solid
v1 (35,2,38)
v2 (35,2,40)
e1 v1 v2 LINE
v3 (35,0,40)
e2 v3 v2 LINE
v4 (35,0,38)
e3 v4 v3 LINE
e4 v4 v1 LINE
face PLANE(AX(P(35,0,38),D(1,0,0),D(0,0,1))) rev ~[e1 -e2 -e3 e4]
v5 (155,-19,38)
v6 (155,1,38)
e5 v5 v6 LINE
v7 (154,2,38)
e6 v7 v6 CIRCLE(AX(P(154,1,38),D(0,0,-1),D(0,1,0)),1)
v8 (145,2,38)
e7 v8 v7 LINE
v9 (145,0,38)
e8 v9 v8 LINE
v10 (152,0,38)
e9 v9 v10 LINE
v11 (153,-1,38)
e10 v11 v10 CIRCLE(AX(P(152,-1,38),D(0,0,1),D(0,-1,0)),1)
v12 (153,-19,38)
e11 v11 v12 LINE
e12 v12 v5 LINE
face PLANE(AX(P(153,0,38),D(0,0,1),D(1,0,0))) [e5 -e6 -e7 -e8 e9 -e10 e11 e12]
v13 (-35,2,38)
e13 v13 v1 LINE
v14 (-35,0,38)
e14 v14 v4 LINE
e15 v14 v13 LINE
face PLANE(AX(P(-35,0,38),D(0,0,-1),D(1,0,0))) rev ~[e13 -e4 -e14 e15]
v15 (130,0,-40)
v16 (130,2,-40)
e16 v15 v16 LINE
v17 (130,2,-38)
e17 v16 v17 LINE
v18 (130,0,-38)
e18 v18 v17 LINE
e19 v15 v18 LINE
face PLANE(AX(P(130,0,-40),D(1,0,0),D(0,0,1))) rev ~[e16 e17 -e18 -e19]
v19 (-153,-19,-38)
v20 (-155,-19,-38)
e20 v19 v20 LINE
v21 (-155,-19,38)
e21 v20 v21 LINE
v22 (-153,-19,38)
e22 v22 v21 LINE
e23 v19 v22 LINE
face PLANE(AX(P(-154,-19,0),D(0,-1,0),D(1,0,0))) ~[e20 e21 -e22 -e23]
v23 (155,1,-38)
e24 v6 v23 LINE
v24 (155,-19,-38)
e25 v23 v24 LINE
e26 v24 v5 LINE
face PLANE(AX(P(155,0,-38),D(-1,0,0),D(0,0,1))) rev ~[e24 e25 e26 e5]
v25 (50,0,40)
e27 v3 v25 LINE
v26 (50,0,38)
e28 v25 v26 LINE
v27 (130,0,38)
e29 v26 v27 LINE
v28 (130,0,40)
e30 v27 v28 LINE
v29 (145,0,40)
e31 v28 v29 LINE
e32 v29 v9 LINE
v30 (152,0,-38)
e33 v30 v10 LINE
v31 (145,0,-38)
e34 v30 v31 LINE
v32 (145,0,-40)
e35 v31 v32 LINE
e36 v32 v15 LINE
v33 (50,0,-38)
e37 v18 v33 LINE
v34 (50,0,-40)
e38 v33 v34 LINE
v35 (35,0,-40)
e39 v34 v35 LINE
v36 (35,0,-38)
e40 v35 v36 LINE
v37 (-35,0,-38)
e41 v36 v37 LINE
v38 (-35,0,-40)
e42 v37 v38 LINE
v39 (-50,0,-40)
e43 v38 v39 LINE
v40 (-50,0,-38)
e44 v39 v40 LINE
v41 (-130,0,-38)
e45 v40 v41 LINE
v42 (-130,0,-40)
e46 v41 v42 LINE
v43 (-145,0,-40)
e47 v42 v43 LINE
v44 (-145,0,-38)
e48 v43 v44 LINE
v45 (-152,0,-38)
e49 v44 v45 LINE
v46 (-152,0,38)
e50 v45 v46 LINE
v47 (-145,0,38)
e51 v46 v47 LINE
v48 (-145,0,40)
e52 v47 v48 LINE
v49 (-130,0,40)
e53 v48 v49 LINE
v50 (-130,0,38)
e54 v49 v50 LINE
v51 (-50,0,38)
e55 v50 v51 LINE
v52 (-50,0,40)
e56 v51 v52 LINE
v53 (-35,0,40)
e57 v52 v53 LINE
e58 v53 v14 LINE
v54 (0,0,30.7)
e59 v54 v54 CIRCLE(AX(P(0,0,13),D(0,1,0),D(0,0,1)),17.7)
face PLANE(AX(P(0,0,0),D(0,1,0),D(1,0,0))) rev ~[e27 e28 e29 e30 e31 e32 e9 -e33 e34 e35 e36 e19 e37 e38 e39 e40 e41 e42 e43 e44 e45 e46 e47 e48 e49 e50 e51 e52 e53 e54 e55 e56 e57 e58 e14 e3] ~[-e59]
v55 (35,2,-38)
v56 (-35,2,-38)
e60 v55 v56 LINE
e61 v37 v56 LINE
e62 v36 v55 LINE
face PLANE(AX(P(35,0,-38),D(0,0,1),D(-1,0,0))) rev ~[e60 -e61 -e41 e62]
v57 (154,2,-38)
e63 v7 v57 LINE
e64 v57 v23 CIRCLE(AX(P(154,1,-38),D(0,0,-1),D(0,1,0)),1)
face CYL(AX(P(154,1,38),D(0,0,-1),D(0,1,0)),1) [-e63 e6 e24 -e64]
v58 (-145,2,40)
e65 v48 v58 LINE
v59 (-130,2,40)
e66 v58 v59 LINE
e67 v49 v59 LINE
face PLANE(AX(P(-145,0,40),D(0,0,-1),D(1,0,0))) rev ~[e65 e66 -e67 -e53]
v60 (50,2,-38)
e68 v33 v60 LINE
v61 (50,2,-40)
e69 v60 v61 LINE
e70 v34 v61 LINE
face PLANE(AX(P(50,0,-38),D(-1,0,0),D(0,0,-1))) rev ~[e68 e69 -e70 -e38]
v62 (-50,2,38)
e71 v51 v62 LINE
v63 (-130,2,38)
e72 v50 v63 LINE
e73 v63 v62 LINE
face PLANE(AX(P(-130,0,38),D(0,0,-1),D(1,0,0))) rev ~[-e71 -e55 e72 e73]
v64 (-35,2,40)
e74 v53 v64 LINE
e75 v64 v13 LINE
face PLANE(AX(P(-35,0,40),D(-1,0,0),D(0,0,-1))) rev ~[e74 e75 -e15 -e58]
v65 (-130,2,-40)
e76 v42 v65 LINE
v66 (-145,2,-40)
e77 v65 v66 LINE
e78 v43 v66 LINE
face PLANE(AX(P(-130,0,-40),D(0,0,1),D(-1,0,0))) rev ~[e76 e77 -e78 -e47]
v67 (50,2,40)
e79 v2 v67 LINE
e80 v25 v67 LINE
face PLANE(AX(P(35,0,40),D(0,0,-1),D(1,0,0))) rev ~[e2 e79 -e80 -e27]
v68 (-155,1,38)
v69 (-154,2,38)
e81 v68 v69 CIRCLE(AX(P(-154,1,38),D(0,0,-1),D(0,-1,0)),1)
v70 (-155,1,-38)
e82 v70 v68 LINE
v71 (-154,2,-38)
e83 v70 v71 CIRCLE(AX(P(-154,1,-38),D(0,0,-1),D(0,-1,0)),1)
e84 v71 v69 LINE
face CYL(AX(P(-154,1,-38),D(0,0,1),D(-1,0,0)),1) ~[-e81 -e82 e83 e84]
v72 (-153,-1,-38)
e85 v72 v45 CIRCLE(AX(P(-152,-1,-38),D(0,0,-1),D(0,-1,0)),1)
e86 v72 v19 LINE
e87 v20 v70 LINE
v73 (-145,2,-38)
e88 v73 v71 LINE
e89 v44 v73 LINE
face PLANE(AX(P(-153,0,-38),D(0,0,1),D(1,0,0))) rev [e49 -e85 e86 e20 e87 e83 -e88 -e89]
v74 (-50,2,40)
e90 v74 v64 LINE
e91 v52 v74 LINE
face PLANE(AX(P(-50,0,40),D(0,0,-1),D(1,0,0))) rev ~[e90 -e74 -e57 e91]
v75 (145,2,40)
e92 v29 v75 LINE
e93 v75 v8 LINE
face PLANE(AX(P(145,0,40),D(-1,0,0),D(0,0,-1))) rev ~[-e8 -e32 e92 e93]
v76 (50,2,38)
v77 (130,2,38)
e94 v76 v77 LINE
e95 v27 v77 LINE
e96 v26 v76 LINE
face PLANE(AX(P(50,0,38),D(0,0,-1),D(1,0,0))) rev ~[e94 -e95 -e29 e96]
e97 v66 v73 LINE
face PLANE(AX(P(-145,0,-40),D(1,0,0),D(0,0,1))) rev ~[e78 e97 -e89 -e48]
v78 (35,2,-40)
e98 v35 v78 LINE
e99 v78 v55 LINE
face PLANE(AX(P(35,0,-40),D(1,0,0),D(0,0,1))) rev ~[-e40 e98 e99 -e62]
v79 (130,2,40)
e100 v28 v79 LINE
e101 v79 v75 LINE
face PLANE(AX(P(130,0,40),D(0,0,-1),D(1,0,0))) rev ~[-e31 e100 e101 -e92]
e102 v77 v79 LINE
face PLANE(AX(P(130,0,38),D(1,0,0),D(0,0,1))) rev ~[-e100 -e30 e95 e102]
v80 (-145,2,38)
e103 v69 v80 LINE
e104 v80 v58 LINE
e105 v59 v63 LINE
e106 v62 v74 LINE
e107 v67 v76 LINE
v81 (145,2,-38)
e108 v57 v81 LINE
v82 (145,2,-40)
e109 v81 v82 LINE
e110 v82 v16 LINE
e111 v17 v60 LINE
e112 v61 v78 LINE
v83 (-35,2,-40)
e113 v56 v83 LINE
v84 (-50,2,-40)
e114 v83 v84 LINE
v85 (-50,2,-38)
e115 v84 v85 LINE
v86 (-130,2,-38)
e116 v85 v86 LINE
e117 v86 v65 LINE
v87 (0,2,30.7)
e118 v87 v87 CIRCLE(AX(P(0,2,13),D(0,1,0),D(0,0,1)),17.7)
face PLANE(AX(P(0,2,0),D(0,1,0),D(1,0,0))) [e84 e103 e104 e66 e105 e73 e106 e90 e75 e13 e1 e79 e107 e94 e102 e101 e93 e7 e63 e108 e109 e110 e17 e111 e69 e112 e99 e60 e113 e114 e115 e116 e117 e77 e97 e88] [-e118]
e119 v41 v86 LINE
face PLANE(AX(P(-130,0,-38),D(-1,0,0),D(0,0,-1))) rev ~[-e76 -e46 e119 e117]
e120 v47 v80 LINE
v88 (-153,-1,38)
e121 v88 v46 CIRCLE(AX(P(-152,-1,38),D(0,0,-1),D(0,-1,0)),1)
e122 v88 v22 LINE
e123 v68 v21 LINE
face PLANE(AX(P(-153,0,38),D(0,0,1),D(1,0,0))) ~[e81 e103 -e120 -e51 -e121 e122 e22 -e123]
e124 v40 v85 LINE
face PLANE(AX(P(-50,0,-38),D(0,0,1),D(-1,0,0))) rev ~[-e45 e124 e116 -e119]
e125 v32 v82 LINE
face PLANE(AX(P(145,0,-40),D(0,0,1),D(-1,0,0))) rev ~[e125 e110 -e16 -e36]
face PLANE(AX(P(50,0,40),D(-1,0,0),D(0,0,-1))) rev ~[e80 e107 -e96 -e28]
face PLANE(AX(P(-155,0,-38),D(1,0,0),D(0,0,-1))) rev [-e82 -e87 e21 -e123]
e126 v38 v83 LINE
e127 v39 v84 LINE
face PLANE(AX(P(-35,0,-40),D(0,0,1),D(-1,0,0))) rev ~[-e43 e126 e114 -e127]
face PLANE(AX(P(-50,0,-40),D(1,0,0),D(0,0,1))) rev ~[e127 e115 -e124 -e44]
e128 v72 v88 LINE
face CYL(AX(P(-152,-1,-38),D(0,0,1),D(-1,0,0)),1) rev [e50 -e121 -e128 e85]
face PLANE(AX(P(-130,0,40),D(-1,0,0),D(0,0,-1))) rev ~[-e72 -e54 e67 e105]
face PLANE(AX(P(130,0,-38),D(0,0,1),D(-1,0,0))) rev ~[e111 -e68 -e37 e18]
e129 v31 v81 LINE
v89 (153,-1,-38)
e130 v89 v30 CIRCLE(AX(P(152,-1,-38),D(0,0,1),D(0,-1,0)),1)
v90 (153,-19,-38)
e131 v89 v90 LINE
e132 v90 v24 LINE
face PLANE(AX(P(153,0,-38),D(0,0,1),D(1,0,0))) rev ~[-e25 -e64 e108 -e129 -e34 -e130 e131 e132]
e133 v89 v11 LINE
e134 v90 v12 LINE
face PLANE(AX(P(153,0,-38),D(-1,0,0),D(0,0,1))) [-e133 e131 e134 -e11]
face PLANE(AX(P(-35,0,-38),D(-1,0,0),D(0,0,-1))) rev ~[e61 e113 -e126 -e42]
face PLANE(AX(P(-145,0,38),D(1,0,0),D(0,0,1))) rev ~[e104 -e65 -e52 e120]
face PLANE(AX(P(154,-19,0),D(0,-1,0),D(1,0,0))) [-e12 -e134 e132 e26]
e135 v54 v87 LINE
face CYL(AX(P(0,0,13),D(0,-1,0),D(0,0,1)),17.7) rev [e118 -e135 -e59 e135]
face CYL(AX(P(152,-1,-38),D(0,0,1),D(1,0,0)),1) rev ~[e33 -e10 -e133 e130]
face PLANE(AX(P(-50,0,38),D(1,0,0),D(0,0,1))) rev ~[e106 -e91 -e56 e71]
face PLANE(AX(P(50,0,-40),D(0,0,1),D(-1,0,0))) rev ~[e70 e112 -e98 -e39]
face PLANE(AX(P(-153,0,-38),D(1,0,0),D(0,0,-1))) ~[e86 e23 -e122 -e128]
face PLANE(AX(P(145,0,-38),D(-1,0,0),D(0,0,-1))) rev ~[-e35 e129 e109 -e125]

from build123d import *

# Parameters (mm, degrees)
SKETCH_1_R      = 17.7
EXTRUDE_1_DEPTH = 2
SKETCH_2_W      = 2
SKETCH_2_H      = 76
EXTRUDE_2_DEPTH = 19
FILLET_1_R      = 1


with BuildPart() as part:
    # 草图1 → 凸台-拉伸1 (new body)
    with BuildSketch(Plane(origin=(0, 0, 0), x_dir=(1, 0, 0), z_dir=(0, 1, 0))):
        Polygon((-155, -38), (-145, -38), (-145, -40), (-130, -40), (-130, -38), (-50, -38), (-50, -40), (-35, -40), (-35, -38), (35, -38), (35, -40), (50, -40), (50, -38), (130, -38), (130, -40), (145, -40), (145, -38), (155, -38), (155, 38), (145, 38), (145, 40), (130, 40), (130, 38), (50, 38), (50, 40), (35, 40), (35, 38), (-35, 38), (-35, 40), (-50, 40), (-50, 38), (-130, 38), (-130, 40), (-145, 40), (-145, 38), (-155, 38), align=None)
        with Locations(Location((0, -13, 0), (0, 0, 270))):
            Circle(SKETCH_1_R, mode=Mode.SUBTRACT)
    extrude(amount=EXTRUDE_1_DEPTH)

    # 草图2 → 凸台-拉伸2 (add)
    with BuildSketch(Plane.XZ):
        with Locations((154, 0)):
            Rectangle(SKETCH_2_W, SKETCH_2_H)
    extrude_2 = extrude(amount=EXTRUDE_2_DEPTH)

    # 镜向1: 凸台-拉伸2 across plane
    add(extrude_2.mirror(Plane(origin=(0, 0, 0), x_dir=(0, 0, 1), z_dir=(1, 0, 0))))

    # 圆角1
    fillet_1_edges = [part.edges().sort_by_distance(p)[0] for p in [
        (153, 0, 0),
        (155, 2, 0),
        (-153, 0, 0),
        (-155, 2, 0),
    ]]
    fillet(fillet_1_edges, radius=FILLET_1_R)


solid = part.part
